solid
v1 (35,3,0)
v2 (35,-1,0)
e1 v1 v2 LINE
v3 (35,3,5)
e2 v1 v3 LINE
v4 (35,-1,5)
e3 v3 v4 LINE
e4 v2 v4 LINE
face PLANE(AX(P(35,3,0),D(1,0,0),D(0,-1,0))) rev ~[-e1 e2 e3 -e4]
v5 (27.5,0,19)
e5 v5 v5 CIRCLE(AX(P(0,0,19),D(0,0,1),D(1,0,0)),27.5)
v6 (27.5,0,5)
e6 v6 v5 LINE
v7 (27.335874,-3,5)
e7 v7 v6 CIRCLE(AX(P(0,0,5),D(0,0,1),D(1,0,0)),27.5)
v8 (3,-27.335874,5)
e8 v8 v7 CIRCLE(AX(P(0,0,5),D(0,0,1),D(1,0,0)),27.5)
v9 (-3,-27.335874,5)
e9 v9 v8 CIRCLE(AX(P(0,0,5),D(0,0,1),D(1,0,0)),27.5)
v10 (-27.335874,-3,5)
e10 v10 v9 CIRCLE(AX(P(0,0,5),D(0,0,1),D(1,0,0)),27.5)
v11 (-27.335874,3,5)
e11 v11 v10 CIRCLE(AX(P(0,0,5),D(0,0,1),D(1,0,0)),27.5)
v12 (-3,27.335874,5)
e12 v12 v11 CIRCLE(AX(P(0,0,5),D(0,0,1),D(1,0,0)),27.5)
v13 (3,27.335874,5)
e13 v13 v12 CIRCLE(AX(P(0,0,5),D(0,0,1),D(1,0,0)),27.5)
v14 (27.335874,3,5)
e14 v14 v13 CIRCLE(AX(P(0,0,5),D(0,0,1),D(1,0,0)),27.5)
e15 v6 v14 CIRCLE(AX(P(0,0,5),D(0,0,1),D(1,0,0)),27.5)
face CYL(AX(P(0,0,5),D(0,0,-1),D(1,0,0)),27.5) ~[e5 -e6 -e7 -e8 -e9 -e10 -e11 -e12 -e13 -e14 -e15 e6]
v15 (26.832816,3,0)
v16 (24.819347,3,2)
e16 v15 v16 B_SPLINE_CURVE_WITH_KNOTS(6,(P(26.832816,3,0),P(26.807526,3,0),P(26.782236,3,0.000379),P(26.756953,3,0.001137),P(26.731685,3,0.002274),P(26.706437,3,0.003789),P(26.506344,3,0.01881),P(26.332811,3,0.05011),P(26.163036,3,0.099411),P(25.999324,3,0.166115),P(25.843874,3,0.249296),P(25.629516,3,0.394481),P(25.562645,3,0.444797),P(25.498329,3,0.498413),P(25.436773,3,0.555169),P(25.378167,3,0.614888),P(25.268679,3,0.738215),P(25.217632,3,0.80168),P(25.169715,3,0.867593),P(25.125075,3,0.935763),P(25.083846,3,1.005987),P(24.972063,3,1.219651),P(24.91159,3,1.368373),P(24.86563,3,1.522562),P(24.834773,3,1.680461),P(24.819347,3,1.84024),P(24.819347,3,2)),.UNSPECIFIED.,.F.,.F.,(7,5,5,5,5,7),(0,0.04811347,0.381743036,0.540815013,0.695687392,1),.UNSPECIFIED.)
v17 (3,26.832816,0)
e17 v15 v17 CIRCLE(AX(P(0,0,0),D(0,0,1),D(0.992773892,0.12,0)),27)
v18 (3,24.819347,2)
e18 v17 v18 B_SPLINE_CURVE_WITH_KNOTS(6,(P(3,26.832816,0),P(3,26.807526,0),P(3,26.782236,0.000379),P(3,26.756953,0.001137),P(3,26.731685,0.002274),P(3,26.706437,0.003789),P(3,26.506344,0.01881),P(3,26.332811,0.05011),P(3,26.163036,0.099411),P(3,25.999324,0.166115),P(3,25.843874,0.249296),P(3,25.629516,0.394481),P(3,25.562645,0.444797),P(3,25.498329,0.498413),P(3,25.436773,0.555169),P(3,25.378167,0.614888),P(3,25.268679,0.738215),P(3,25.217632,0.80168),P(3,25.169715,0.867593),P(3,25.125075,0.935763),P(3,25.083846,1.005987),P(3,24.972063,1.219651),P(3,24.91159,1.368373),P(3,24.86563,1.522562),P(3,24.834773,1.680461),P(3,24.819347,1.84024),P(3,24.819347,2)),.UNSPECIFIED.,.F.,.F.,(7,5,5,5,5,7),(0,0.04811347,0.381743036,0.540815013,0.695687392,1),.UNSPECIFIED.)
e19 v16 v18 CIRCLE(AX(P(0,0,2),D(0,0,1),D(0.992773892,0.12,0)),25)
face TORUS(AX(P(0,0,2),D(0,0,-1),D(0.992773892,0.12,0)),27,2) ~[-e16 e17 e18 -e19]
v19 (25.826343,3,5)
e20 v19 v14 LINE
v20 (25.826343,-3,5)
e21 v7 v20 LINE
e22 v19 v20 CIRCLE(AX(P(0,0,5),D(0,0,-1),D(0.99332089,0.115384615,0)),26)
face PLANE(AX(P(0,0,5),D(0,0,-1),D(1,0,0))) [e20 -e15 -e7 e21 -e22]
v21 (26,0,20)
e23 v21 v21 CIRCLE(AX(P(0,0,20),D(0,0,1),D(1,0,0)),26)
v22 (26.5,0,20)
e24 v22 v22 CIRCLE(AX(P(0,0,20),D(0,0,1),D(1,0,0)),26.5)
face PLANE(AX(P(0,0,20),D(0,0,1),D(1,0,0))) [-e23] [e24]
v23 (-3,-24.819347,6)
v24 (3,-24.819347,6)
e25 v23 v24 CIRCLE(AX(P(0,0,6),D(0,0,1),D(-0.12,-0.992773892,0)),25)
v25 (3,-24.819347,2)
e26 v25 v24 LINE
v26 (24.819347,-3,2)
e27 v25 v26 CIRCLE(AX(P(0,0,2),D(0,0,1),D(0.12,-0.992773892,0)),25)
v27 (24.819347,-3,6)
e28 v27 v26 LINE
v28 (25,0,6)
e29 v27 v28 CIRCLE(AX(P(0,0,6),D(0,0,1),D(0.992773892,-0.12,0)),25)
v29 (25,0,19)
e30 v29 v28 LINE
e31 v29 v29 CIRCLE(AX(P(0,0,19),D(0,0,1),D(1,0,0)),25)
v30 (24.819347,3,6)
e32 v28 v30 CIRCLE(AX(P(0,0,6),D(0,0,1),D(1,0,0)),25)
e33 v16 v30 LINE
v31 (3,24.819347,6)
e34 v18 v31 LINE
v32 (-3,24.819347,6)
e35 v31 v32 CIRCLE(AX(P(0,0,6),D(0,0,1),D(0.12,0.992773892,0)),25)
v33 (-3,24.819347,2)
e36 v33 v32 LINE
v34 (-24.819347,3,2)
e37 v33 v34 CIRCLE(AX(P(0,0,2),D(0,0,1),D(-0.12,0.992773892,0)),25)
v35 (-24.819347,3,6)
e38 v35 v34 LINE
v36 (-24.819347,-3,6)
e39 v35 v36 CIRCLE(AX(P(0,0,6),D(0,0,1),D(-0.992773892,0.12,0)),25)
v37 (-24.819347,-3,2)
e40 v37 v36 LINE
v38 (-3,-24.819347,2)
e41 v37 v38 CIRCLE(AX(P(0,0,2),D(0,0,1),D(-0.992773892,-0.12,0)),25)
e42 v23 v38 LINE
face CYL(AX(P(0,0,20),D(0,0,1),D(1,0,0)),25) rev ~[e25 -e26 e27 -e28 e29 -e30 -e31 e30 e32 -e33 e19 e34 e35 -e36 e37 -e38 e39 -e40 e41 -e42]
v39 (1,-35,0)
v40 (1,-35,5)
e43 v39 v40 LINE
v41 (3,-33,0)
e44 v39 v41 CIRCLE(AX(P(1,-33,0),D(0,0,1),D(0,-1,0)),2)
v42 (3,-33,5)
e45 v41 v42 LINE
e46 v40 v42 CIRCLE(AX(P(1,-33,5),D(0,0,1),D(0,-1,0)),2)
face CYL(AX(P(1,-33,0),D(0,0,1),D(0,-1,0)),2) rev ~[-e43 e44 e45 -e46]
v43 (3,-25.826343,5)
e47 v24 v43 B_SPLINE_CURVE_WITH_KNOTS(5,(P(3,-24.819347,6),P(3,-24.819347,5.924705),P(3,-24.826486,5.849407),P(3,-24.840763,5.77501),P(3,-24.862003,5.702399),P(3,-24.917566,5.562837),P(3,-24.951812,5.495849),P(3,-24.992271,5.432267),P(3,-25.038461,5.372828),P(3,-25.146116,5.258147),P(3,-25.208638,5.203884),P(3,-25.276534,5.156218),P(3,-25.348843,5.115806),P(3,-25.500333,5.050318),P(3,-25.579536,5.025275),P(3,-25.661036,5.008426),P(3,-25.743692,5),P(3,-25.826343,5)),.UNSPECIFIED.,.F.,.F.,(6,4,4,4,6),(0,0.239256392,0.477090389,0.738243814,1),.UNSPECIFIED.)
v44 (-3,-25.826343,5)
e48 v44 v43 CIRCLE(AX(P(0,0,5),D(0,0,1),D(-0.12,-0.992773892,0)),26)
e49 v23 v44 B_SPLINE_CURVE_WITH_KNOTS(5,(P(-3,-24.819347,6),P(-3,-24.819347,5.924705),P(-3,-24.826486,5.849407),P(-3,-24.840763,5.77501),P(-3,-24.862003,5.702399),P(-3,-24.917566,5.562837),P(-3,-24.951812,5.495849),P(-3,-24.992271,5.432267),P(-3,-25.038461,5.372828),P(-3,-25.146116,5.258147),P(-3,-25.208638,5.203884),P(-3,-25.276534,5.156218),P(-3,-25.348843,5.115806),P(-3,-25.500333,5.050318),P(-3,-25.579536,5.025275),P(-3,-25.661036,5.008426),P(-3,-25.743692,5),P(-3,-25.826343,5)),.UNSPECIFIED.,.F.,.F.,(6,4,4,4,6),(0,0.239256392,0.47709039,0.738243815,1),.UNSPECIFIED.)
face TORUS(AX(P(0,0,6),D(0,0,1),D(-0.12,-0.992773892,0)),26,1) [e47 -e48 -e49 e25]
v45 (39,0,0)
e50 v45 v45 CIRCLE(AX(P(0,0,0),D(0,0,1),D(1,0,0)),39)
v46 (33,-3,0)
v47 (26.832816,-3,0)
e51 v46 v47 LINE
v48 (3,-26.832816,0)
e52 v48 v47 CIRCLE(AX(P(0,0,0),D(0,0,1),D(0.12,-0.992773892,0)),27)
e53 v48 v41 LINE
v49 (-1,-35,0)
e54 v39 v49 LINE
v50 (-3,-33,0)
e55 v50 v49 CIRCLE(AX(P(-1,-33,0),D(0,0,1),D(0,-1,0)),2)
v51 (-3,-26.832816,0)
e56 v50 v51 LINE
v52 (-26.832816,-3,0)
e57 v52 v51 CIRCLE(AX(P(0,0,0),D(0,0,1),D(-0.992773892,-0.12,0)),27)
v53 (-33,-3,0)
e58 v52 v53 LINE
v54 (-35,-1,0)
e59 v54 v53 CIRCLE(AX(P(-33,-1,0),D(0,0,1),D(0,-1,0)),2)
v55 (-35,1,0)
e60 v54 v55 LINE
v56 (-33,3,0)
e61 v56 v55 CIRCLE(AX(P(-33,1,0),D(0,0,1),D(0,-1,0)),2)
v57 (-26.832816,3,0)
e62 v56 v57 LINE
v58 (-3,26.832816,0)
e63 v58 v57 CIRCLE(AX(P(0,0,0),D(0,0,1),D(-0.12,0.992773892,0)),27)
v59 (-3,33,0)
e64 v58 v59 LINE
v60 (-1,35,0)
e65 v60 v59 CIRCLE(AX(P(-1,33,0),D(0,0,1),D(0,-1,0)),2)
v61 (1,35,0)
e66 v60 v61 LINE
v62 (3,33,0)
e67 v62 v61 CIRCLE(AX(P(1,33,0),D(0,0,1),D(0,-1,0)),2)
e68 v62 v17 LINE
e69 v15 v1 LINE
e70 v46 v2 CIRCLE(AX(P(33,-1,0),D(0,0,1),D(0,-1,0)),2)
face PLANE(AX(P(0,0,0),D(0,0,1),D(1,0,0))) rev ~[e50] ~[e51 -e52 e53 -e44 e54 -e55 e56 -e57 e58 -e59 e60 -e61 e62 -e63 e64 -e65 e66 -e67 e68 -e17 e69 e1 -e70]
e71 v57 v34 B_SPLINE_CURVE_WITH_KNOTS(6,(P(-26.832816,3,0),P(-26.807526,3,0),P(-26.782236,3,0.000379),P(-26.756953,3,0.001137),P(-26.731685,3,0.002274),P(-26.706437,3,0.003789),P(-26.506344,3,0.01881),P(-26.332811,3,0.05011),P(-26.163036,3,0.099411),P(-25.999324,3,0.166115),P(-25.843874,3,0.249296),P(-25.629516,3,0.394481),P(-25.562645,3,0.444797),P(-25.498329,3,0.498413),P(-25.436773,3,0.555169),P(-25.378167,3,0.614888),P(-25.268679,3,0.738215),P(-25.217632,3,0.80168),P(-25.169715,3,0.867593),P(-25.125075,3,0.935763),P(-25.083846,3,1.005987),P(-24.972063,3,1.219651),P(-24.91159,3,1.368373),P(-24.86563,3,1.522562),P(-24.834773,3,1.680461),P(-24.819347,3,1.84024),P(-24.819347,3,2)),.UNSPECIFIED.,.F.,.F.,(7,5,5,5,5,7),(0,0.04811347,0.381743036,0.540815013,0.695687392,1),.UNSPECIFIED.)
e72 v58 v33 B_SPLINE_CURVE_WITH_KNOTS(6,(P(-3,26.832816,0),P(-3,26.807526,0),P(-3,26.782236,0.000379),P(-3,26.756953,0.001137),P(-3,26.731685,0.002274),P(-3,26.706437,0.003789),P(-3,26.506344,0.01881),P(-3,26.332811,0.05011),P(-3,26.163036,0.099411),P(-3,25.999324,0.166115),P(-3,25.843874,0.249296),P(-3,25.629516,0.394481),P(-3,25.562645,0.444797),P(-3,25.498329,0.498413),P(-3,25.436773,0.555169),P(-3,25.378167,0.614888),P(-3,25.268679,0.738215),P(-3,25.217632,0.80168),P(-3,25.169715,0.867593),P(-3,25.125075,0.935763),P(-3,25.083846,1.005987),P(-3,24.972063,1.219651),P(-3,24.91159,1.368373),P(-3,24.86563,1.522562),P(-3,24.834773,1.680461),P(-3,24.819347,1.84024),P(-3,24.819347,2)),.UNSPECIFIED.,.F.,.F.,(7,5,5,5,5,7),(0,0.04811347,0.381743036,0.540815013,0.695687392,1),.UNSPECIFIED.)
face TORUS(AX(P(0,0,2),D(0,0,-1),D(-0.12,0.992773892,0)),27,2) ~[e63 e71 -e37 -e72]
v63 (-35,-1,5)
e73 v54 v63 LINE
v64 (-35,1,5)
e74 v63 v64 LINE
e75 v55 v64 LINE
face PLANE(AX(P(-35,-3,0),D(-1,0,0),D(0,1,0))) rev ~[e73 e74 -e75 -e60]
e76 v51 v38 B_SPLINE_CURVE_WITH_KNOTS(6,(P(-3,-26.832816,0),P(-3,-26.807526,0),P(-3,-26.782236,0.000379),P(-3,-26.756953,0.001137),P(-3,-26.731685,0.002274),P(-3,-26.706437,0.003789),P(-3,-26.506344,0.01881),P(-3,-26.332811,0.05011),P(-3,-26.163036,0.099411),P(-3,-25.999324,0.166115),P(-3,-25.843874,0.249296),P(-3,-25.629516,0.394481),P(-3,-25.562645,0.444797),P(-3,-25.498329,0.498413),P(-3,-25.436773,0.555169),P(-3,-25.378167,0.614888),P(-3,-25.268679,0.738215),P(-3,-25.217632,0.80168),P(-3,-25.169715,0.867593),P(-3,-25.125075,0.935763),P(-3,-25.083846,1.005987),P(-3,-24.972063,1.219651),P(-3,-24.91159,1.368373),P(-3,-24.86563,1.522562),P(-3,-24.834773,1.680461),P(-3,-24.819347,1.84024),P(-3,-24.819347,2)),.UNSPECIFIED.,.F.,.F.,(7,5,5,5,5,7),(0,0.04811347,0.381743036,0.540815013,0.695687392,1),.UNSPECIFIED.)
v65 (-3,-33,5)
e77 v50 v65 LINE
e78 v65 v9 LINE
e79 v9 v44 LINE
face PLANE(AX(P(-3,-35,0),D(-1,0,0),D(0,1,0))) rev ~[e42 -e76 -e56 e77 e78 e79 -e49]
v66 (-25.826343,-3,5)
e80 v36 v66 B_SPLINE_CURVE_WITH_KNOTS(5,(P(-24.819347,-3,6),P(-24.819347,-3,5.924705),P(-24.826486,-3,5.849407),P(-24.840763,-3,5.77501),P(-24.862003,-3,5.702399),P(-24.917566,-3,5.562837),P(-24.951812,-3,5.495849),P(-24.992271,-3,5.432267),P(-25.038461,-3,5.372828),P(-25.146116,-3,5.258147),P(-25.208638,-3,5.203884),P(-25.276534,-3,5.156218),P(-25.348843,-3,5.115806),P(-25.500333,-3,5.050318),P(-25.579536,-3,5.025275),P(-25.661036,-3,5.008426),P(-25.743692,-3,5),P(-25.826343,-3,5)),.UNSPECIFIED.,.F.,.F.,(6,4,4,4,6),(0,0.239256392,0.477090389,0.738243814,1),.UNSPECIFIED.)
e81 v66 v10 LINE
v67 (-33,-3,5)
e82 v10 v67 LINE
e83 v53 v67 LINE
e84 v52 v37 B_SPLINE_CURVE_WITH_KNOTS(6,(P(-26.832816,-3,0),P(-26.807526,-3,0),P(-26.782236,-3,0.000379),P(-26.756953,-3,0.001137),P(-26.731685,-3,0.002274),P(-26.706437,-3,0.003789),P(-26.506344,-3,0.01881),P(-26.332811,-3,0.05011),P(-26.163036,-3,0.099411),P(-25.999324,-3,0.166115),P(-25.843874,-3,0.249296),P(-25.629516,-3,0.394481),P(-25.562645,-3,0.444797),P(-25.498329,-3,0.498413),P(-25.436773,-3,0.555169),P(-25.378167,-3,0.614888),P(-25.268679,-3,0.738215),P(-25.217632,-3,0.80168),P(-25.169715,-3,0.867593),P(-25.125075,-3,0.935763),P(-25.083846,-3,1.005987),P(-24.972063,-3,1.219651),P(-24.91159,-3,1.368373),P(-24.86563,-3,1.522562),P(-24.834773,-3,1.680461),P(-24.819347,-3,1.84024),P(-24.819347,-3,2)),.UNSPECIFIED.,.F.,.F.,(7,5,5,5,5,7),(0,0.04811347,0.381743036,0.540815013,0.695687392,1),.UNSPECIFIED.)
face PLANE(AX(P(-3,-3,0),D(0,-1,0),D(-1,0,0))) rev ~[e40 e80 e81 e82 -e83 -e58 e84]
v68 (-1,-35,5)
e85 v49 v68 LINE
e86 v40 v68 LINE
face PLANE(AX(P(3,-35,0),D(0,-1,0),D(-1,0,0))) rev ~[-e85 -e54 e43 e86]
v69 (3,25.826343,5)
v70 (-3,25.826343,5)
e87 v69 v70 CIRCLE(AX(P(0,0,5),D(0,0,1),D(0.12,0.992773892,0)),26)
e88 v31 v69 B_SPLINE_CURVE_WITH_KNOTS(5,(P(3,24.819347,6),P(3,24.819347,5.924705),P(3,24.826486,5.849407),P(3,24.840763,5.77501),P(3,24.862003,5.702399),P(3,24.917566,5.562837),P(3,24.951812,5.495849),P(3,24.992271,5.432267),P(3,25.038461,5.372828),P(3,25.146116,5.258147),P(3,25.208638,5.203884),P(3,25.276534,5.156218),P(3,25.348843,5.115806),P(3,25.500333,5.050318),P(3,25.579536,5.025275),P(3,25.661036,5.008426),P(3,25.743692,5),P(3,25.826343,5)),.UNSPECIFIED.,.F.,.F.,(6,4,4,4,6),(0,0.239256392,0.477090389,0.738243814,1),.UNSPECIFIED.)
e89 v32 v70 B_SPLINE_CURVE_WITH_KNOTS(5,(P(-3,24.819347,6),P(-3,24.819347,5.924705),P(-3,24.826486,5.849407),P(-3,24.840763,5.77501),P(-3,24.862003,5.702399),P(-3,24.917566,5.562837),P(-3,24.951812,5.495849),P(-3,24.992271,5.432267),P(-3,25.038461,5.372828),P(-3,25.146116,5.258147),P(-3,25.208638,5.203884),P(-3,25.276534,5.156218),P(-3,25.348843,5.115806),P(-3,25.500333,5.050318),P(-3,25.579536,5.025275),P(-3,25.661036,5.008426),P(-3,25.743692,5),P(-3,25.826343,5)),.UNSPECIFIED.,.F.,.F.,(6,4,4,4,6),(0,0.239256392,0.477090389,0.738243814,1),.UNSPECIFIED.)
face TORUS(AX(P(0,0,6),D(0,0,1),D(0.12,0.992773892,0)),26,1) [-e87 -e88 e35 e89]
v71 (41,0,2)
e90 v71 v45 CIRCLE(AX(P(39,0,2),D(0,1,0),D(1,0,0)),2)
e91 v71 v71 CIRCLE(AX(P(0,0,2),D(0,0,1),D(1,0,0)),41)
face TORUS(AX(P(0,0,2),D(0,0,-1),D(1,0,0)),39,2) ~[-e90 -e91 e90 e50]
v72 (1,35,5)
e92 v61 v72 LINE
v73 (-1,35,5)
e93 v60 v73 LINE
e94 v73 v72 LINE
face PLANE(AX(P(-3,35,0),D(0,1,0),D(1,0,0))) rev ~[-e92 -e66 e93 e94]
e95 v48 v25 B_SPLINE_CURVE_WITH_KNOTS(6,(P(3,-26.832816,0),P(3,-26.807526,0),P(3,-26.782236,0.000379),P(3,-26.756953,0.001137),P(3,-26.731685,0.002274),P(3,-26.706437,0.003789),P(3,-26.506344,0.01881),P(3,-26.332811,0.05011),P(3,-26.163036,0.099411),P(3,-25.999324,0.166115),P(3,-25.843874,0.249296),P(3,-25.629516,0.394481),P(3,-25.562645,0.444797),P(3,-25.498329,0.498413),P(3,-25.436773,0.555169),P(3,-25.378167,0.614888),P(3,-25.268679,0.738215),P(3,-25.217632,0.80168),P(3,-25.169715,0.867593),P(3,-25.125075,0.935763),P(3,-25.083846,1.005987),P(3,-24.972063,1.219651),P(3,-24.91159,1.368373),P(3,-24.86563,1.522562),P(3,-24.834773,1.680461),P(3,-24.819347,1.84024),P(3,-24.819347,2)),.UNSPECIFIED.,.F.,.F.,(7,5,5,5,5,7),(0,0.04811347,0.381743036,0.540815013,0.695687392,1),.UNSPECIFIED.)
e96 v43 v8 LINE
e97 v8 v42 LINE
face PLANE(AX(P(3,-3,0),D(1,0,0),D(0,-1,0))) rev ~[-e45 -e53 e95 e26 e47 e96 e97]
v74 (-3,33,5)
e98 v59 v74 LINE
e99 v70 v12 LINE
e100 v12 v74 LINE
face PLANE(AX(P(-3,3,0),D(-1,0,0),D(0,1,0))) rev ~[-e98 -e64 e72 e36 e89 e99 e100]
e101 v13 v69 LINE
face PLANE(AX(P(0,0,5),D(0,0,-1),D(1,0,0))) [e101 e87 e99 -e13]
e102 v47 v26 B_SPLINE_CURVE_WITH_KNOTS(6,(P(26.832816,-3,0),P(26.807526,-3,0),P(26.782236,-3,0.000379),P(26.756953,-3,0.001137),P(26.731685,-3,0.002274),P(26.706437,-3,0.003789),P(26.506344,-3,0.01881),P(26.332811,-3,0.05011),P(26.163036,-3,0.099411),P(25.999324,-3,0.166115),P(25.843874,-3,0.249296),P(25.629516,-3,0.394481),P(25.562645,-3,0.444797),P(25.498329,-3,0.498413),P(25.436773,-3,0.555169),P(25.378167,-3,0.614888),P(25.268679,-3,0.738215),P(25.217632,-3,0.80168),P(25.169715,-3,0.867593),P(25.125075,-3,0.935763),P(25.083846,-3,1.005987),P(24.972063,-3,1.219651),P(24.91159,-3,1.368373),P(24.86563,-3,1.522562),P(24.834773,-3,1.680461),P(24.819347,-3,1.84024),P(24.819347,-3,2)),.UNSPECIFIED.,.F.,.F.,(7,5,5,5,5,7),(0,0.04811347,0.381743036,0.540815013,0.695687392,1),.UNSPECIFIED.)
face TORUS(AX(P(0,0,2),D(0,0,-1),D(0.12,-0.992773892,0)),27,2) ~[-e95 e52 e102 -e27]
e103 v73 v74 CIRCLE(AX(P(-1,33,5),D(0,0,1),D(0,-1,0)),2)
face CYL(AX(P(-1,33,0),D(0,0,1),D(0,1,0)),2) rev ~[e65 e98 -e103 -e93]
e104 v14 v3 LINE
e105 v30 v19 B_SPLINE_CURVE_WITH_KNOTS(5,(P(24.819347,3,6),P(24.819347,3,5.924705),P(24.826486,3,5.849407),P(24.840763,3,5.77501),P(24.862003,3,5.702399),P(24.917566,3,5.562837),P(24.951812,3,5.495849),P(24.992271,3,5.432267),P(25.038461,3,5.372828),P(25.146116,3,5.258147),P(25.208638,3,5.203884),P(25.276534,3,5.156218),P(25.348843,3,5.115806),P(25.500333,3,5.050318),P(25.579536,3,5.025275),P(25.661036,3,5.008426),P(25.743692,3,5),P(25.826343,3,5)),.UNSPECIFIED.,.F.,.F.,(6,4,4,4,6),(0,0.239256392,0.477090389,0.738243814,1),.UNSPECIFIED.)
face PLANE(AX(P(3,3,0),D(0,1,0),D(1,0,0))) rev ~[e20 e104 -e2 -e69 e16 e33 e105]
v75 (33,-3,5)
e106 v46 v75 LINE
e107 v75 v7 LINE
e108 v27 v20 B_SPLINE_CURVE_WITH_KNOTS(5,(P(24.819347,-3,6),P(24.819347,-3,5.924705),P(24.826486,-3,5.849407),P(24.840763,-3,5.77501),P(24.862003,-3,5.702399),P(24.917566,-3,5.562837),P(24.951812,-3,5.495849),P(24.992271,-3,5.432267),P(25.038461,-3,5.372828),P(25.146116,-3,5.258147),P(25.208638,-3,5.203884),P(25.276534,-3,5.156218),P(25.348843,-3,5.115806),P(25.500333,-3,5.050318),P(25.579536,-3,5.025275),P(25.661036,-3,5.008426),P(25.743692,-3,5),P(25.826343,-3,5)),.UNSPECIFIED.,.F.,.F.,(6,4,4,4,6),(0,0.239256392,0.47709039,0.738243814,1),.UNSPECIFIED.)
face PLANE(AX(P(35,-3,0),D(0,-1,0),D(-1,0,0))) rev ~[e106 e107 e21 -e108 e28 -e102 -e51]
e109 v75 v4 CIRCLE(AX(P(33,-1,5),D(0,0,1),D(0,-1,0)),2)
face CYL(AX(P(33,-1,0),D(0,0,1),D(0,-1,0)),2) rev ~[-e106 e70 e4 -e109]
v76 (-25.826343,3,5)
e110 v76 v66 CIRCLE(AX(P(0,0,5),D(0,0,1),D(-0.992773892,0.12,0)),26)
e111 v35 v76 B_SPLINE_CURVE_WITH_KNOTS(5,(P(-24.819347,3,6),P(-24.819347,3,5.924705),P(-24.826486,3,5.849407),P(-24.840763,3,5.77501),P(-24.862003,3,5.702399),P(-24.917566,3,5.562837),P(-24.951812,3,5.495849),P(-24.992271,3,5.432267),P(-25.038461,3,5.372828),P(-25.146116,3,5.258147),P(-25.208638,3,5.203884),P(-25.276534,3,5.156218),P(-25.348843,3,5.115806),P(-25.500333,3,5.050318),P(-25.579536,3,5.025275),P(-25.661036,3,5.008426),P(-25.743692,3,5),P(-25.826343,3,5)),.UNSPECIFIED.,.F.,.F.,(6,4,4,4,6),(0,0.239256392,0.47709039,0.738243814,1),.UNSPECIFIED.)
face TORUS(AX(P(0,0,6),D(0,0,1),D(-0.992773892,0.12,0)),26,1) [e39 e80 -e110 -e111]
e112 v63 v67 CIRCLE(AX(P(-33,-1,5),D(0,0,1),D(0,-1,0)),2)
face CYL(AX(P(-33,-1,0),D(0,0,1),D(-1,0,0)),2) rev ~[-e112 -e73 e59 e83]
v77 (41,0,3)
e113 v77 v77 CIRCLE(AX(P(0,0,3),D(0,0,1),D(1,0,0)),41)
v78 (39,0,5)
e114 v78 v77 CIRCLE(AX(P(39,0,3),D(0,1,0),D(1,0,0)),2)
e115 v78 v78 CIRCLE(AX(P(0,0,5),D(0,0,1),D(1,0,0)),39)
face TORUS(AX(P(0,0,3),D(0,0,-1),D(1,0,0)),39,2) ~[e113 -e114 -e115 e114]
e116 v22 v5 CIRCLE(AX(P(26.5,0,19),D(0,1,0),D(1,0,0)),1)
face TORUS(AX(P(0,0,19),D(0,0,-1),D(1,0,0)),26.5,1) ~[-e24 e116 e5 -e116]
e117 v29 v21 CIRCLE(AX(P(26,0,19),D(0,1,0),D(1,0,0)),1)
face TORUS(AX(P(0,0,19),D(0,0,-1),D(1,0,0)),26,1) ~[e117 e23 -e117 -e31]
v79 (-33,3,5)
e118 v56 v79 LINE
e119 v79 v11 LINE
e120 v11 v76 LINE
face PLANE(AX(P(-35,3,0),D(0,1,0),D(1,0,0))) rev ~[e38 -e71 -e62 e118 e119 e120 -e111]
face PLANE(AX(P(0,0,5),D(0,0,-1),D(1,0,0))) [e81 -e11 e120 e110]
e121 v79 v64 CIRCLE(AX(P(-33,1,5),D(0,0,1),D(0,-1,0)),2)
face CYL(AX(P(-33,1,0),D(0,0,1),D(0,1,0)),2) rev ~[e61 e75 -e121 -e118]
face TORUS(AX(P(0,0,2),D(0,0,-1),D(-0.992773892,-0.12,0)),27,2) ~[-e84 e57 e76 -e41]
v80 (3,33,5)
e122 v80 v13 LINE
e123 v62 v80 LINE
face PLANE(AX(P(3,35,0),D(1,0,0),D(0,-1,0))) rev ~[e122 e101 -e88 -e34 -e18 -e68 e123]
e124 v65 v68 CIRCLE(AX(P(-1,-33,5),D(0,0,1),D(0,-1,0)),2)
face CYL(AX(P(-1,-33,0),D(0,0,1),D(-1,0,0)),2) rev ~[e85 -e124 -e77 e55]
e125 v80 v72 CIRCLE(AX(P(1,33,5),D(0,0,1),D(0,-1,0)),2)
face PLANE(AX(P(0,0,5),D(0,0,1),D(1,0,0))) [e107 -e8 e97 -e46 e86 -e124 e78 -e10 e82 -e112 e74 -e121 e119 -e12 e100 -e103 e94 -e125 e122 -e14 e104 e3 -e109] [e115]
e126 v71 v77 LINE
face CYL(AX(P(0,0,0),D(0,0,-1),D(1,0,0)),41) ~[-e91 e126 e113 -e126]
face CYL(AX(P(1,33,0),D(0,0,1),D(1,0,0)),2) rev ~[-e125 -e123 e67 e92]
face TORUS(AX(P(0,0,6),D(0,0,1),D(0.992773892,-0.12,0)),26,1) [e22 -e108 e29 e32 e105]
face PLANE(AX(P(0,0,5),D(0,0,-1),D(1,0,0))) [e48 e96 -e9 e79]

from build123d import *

# Parameters (mm, degrees)
SKETCH_R        = 41
PAD_DEPTH       = 5
SKETCH001_R     = 27.5
PAD001_DEPTH    = 15
SKETCH002_R     = 25
POCKET_DEPTH    = 20.001
POCKET001_DEPTH = 5
FILLET_R        = 2
FILLET001_R     = 2
FILLET002_R     = 1
FILLET003_R     = 2


with BuildPart() as part:
    # Sketch → Pad (new body)
    with BuildSketch(Plane.XY):
        Circle(SKETCH_R)
    extrude(amount=PAD_DEPTH)

    # Sketch001 (on Face3 of Pad) → Pad001 (join)
    with BuildSketch(Plane.XY.offset(5)):
        Circle(SKETCH001_R)
    extrude(amount=PAD001_DEPTH)

    # Sketch002 (on Face5 of Pad001) → Pocket (cut, through all)
    with BuildSketch(Plane.XY.offset(20)):
        Circle(SKETCH002_R)
    extrude(amount=-POCKET_DEPTH, mode=Mode.SUBTRACT)

    # Sketch003 (on Face2 of Pocket) → Pocket001 (cut)
    with BuildSketch(Plane(origin=(0, 0, 0), x_dir=(1, 0, 0), z_dir=(0, 0, -1))):
        Polygon((-3, 35), (-3, 3), (-35, 3), (-35, -3), (-3, -3), (-3, -35), (3, -35), (3, -3), (35, -3), (35, 3), (3, 3), (3, 35), align=None)
    extrude(amount=-POCKET001_DEPTH, mode=Mode.SUBTRACT)

    # Fillet
    fillet_edges = [part.edges().sort_by_distance(p)[0] for p in [
        (-3, -35, 2.5),
        (3, -35, 2.5),
        (35, -3, 2.5),
        (-35, -3, 2.5),
        (-35, 3, 2.5),
        (-3, 35, 2.5),
        (3, 35, 2.5),
    ]]
    fillet(fillet_edges, radius=FILLET_R)

    # Fillet001
    fillet001_edges = [part.edges().sort_by_distance(p)[0] for p in [
        (17.67767, -17.67767, 0),
        (17.67767, 17.67767, 0),
        (-17.67767, 17.67767, 0),
        (-17.67767, -17.67767, 0),
    ]]
    fillet(fillet001_edges, radius=FILLET001_R)

    # Fillet002
    fillet002_edges = [part.edges().sort_by_distance(p)[0] for p in [
        (-27.5, 0, 20),
        (-25, 0, 20),
        (0, -25, 5),
        (24.954796, -1.502717, 5),
        (0, 25, 5),
        (-25, 0, 5),
    ]]
    fillet(fillet002_edges, radius=FILLET002_R)

    # Fillet003
    fillet003_edges = [part.edges().sort_by_distance(p)[0] for p in [
        (-41, 0, 5),
        (-41, 0, 0),
    ]]
    fillet(fillet003_edges, radius=FILLET003_R)


solid = part.part
